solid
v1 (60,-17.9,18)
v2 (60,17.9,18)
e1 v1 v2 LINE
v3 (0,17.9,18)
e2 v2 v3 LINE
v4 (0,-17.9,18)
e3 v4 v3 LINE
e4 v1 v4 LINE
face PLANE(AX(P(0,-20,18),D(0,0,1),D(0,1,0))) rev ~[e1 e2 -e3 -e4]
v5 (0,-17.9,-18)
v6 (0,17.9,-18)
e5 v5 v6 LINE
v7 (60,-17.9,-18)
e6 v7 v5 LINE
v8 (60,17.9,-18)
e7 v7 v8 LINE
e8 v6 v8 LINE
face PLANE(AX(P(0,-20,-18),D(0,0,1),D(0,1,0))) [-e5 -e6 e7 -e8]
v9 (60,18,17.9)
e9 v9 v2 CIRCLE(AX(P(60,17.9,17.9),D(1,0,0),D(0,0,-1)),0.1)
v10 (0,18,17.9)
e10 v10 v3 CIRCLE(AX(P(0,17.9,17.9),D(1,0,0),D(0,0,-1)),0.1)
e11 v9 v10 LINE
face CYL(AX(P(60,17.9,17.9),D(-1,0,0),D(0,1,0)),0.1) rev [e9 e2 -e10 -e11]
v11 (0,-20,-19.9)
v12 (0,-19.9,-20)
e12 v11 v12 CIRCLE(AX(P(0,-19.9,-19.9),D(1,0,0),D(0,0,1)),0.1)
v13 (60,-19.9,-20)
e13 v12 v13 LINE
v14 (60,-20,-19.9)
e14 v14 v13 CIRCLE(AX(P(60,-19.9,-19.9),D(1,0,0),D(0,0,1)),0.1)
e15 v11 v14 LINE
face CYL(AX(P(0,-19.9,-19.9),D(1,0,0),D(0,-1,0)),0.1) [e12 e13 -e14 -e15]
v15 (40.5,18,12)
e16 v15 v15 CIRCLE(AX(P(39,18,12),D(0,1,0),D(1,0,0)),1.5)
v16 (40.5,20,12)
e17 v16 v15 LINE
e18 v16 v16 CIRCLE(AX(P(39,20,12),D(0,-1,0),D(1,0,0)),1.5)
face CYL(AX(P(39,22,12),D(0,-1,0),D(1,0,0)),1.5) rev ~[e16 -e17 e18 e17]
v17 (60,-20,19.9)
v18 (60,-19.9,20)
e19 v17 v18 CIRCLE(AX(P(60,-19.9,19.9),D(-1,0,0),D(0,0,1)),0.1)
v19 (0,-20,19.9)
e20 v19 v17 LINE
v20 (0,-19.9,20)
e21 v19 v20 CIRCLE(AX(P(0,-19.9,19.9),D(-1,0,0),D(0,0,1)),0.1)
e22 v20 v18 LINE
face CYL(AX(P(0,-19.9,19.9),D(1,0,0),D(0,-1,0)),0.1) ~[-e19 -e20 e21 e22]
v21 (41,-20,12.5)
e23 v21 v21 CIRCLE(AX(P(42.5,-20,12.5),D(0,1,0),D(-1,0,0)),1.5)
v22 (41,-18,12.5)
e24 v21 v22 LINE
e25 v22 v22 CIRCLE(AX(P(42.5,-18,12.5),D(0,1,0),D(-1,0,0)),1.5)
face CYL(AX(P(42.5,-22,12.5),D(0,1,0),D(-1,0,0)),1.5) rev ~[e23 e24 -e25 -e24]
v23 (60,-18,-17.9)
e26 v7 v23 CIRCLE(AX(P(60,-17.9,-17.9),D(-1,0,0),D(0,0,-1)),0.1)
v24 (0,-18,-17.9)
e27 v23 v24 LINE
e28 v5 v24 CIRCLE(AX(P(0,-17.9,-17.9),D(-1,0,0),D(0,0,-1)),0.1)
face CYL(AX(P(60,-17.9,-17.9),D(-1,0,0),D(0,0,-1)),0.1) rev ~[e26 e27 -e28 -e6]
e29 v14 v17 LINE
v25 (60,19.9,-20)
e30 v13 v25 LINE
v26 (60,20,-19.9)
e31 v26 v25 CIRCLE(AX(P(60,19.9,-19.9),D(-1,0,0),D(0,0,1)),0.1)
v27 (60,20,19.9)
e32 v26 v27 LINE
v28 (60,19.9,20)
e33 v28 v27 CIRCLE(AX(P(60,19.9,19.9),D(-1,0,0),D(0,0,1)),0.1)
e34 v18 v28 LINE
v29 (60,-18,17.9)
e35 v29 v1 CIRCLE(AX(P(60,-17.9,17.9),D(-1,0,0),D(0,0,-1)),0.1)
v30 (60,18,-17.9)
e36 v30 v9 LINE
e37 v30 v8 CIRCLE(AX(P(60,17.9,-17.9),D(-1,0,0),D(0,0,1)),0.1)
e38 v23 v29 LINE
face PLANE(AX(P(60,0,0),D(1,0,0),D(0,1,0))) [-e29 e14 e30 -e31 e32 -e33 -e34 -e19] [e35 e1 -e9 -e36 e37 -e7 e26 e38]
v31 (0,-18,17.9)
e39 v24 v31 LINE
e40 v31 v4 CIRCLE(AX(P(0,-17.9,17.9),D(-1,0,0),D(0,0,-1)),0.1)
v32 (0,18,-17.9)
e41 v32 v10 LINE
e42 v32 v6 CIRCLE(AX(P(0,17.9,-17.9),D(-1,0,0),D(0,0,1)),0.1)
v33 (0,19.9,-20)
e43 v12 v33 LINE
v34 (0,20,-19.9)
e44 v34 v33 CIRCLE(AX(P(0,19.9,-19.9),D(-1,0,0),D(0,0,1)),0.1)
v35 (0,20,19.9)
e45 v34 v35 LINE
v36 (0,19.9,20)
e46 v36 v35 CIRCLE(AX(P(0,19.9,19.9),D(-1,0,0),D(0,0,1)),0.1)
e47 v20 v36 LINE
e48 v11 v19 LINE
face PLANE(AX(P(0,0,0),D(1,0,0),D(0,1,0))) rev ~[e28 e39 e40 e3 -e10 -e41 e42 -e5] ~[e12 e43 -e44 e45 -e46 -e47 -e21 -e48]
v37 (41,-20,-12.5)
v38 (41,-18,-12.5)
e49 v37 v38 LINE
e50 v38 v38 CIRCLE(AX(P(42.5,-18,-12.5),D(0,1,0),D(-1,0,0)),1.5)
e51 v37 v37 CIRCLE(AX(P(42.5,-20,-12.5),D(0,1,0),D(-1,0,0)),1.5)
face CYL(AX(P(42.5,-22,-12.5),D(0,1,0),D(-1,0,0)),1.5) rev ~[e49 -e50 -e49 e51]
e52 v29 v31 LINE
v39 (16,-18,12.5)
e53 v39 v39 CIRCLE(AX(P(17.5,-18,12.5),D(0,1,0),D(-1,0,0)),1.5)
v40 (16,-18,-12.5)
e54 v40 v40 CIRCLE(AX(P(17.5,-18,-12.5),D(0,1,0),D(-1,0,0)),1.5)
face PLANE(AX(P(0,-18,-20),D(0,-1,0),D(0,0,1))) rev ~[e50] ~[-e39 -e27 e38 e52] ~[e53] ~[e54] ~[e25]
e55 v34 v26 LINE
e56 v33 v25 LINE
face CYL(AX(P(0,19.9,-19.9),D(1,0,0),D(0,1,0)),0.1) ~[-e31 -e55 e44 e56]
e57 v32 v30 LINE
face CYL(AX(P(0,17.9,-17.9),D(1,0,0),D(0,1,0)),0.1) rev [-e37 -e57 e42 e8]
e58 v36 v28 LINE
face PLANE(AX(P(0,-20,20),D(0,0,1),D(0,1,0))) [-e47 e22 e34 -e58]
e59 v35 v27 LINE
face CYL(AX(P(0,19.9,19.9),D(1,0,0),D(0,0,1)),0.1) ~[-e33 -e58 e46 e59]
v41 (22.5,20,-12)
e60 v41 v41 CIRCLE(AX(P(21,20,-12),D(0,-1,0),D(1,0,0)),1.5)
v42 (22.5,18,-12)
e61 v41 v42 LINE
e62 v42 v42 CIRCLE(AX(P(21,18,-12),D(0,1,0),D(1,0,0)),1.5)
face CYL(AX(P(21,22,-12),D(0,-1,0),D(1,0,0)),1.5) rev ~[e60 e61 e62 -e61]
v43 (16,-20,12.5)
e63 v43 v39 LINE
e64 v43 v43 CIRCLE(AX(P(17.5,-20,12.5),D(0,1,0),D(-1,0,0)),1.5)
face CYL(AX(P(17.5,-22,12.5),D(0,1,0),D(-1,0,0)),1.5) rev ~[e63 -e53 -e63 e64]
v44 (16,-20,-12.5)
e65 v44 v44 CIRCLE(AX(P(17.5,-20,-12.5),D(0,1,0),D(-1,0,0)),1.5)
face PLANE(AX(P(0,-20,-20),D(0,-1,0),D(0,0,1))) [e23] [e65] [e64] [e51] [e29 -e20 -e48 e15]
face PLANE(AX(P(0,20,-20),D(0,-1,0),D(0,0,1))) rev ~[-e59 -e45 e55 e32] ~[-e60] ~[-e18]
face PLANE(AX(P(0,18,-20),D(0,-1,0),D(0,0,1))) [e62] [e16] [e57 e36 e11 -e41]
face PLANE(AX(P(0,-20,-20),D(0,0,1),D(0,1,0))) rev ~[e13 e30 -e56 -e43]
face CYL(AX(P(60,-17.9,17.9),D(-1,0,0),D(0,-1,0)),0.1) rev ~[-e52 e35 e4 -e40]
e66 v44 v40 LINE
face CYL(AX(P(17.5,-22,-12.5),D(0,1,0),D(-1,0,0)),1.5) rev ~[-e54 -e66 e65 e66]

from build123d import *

# Parameters (mm, degrees)
F0_W     = 40
F0_H     = 40
F1_DEPTH = 60
F2_T     = -2
F4_D     = 3
F4_DEPTH = 2
F4_TIP   = 0.9012909285
F5_R     = 0.1
F6_R     = 0.1
F8_D     = 3
F8_DEPTH = 2
F8_TIP   = 0.9012909285


with BuildPart() as f1:
    # F0 (on Right) → F1 (new body)
    with BuildSketch(Plane.YZ):
        Rectangle(F0_W, F0_H)
    extrude(amount=F1_DEPTH)

    # F2
    f2_openings = [f1.faces().sort_by_distance(p)[0] for p in [
        (60, 0, 0),
        (0, 0, 0),
    ]]
    offset(amount=F2_T, openings=f2_openings)

    # F4
    with Locations(Plane.XZ.offset(20)):
        with Locations((17.5, 12.5), (42.5, 12.5), (42.5, -12.5), (17.5, -12.5)):
            Hole(F4_D / 2, depth=F4_DEPTH)
            with Locations((0, 0, -(F4_DEPTH + F4_TIP / 2))):  # 118° drill point
                Cone(0, F4_D / 2, F4_TIP, mode=Mode.SUBTRACT)

    # F5
    f5_edges = [f1.edges().sort_by_distance(p)[0] for p in [
        (30, -20, 20),
        (30, 20, 20),
        (30, -20, -20),
        (30, 20, -20),
    ]]
    fillet(f5_edges, radius=F5_R)

    # F6
    f6_edges = [f1.edges().sort_by_distance(p)[0] for p in [
        (30, -18, 18),
        (30, 18, 18),
        (30, -18, -18),
        (30, 18, -18),
    ]]
    fillet(f6_edges, radius=F6_R)

    # F8
    with Locations(Plane(origin=(0, 20, 0), x_dir=(-1, 0, 0), z_dir=(0, 1, 0))):
        with Locations((-39, 12), (-21, -12)):
            Hole(F8_D / 2, depth=F8_DEPTH)
            with Locations((0, 0, -(F8_DEPTH + F8_TIP / 2))):  # 118° drill point
                Cone(0, F8_D / 2, F8_TIP, mode=Mode.SUBTRACT)


solid = f1.part
